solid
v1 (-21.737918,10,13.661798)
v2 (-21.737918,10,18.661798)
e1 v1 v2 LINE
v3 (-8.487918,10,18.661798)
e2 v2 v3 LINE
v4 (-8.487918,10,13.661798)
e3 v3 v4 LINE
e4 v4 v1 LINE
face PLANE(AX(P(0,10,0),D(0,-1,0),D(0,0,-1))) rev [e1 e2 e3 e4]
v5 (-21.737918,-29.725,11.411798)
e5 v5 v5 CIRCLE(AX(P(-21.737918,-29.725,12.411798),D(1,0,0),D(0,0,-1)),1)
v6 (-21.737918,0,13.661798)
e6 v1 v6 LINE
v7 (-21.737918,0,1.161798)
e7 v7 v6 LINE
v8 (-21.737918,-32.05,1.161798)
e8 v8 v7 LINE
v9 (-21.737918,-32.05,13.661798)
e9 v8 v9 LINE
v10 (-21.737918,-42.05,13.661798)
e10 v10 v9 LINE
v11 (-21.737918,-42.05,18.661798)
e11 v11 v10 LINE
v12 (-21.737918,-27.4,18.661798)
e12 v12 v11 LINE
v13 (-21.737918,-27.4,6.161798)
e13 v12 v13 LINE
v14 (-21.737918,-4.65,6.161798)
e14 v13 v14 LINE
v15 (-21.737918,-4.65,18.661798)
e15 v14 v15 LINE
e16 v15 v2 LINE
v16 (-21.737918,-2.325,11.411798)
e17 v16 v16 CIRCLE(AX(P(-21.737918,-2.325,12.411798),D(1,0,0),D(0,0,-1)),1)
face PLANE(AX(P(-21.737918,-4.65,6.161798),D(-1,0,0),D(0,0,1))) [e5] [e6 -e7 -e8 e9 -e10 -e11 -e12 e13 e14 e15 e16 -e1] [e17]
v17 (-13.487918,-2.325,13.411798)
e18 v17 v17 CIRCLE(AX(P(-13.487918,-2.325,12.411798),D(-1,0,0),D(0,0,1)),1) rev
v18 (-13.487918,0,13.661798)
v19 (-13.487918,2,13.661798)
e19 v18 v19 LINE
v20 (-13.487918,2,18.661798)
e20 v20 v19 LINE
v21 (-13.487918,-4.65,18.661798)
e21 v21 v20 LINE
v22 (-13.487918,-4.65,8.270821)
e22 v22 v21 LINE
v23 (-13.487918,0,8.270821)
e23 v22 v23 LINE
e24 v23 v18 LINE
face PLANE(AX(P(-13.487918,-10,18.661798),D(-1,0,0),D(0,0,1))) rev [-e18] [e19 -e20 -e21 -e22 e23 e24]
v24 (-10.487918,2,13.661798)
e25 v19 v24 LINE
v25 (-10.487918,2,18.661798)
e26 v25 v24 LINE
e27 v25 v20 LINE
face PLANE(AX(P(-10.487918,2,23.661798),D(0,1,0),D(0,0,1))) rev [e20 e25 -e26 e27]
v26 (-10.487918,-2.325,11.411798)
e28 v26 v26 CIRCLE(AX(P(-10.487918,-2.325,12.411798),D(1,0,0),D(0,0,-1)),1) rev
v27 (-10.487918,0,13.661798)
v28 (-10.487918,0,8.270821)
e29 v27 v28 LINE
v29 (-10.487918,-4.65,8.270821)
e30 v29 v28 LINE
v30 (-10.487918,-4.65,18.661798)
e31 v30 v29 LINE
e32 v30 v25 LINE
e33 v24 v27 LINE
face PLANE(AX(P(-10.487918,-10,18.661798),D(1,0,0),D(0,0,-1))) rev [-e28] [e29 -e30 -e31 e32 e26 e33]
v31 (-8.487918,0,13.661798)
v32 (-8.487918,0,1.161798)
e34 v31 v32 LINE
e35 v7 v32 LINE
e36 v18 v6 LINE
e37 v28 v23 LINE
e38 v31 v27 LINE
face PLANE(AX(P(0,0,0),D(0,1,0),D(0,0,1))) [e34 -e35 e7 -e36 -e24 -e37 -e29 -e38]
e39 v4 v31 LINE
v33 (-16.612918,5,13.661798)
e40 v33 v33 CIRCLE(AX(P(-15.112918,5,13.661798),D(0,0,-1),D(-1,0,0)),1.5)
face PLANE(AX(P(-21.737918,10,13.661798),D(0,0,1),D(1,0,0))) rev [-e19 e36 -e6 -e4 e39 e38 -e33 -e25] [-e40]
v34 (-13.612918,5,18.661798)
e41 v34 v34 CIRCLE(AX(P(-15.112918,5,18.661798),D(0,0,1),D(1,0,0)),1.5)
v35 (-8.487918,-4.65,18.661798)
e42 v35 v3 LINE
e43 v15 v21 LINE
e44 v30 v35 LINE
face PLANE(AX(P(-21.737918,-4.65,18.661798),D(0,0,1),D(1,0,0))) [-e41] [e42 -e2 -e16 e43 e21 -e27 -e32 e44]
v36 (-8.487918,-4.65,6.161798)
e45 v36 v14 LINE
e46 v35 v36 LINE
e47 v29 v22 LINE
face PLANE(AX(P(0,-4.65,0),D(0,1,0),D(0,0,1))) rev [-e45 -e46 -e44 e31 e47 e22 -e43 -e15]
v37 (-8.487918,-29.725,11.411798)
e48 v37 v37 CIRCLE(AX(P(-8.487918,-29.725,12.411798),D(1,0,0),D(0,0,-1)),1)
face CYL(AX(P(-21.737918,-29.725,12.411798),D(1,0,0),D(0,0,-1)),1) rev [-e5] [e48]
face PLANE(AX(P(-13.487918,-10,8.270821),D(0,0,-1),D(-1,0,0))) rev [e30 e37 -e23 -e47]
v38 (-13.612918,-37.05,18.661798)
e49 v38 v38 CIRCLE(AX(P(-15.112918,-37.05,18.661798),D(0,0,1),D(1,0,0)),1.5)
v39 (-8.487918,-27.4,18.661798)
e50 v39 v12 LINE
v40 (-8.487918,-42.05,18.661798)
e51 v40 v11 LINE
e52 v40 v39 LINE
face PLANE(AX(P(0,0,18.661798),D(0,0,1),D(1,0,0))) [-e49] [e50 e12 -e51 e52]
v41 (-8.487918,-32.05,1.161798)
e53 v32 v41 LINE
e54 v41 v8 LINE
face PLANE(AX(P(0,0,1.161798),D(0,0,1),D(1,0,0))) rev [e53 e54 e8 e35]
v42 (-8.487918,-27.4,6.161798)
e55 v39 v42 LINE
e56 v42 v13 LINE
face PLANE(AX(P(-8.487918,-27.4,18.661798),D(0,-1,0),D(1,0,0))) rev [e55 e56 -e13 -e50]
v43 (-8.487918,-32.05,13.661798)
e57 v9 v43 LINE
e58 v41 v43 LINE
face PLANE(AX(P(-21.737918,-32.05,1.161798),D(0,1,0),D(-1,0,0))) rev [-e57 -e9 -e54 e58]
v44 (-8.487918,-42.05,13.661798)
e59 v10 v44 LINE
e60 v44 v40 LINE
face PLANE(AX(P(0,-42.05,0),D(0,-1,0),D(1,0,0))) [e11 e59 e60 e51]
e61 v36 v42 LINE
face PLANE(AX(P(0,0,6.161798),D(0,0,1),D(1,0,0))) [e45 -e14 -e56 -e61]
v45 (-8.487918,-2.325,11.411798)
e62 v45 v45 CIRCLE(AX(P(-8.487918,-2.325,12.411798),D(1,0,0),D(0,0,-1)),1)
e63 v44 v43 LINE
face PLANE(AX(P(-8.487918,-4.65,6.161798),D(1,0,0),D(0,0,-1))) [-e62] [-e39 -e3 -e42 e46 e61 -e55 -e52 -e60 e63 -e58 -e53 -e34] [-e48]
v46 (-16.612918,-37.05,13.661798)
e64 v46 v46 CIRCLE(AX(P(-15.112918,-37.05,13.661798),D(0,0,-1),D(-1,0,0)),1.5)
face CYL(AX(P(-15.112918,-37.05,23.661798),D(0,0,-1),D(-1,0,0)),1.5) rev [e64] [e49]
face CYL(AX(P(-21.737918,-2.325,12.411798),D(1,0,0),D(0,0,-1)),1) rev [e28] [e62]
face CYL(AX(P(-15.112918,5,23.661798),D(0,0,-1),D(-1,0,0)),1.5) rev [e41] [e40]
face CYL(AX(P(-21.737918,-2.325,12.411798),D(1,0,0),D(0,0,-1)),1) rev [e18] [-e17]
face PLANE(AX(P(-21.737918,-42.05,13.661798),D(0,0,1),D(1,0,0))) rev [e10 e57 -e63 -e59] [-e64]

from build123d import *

# Parameters (mm, degrees)
ESBO_O1_W                = 13.25
ESBO_O1_H                = 12.5
RESSALTO_EXTRUS_O1_DEPTH = 4.65
ESBO_O2_W                = 13.25
ESBO_O2_H                = 32.05
RESSALTO_EXTRUS_O2_DEPTH = 5
ESBO_O3_W                = 13.25
ESBO_O3_H                = 4.65
RESSALTO_EXTRUS_O3_DEPTH = 12.5
ESBO_O4_W                = 13.25
ESBO_O4_H                = 5
RESSALTO_EXTRUS_O4_DEPTH = 10
ESBO_O5_W                = 13.25
ESBO_O5_H                = 5
RESSALTO_EXTRUS_O5_DEPTH = 10
ESBO_O6_R                = 1.5
CORTE_EXTRUS_O1_DEPTH    = 10
ESBO_O7_R                = 1
CORTE_EXTRUS_O2_DEPTH    = 14.25
ESBO_O8_R                = 1
CORTE_EXTRUS_O3_DEPTH    = 14.25
ESBO_O9_W                = 3
ESBO_O9_H                = 10.390977072
CORTE_EXTRUS_O4_DEPTH    = 10
ESBO_O10_W               = 3
ESBO_O10_H               = 2
CORTE_EXTRUS_O5_DEPTH    = 10


with BuildPart() as part:
    # Esboço1 → Ressalto-extrusão1 (new body)
    with BuildSketch(Plane(origin=(0, 0, 0), x_dir=(1, 0, 0), z_dir=(0, 1, 0))):
        with Locations((-15.112918198, -12.411797698)):
            Rectangle(ESBO_O1_W, ESBO_O1_H)
    extrude(amount=-RESSALTO_EXTRUS_O1_DEPTH)

    # Esboço2 → Ressalto-extrusão2 (add)
    with BuildSketch(Plane(origin=(0, 0, 6.161797698), x_dir=(-1, 0, 0), z_dir=(0, 0, -1))):
        with Locations((15.112918198, -16.025)):
            Rectangle(ESBO_O2_W, ESBO_O2_H)
    extrude(amount=RESSALTO_EXTRUS_O2_DEPTH)

    # Esboço3 → Ressalto-extrusão3 (add)
    with BuildSketch(Plane.XY.offset(6.161797698)):
        with Locations((-15.112918198, -29.725)):
            Rectangle(ESBO_O3_W, ESBO_O3_H)
    extrude(amount=RESSALTO_EXTRUS_O3_DEPTH)

    # Esboço4 → Ressalto-extrusão4 (add)
    with BuildSketch(Plane(origin=(0, -32.05, 0), x_dir=(-1, 0, 0), z_dir=(0, -1, 0))):
        with Locations((15.112918198, -16.161797698)):
            Rectangle(ESBO_O4_W, ESBO_O4_H)
    extrude(amount=RESSALTO_EXTRUS_O4_DEPTH)

    # Esboço5 → Ressalto-extrusão5 (add)
    with BuildSketch(Plane(origin=(0, 0, 0), x_dir=(1, 0, 0), z_dir=(0, 1, 0))):
        with Locations((-15.112918198, -16.161797698)):
            Rectangle(ESBO_O5_W, ESBO_O5_H)
    extrude(amount=RESSALTO_EXTRUS_O5_DEPTH)

    # Esboço6 → Corte-extrusão1 (cut)
    with BuildSketch(Plane(origin=(0, 0, 13.661797698), x_dir=(-1, 0, 0), z_dir=(0, 0, -1))):
        with Locations((15.112918198, 5)):
            Circle(ESBO_O6_R)
        with Locations((15.112918198, -37.05)):
            Circle(ESBO_O6_R)
    extrude(amount=-CORTE_EXTRUS_O1_DEPTH, mode=Mode.SUBTRACT)

    # Esboço7 → Corte-extrusão2 (cut, through all)
    with BuildSketch(Plane(origin=(-8.487918198, 0, 0), x_dir=(0, 0, -1), z_dir=(1, 0, 0))):
        with Locations((-12.411797698, -2.325)):
            Circle(ESBO_O7_R)
    extrude(amount=-CORTE_EXTRUS_O2_DEPTH, mode=Mode.SUBTRACT)

    # Esboço8 → Corte-extrusão3 (cut, through all)
    with BuildSketch(Plane(origin=(-8.487918198, 0, 0), x_dir=(0, 0, -1), z_dir=(1, 0, 0))):
        with Locations((-12.411797698, -29.725)):
            Circle(ESBO_O8_R)
    extrude(amount=-CORTE_EXTRUS_O3_DEPTH, mode=Mode.SUBTRACT)

    # Esboço9 → Corte-extrusão4 (cut)
    with BuildSketch(Plane(origin=(0, 0, 0), x_dir=(1, 0, 0), z_dir=(0, 1, 0))):
        with Locations((-11.987918198, -13.466309162)):
            Rectangle(ESBO_O9_W, ESBO_O9_H)
    extrude(amount=-CORTE_EXTRUS_O4_DEPTH, mode=Mode.SUBTRACT)

    # Esboço10 → Corte-extrusão5 (cut)
    with BuildSketch(Plane(origin=(0, 0, 13.661797698), x_dir=(-1, 0, 0), z_dir=(0, 0, -1))):
        with Locations((11.987918198, 1)):
            Rectangle(ESBO_O10_W, ESBO_O10_H)
    extrude(amount=-CORTE_EXTRUS_O5_DEPTH, mode=Mode.SUBTRACT)


solid = part.part
